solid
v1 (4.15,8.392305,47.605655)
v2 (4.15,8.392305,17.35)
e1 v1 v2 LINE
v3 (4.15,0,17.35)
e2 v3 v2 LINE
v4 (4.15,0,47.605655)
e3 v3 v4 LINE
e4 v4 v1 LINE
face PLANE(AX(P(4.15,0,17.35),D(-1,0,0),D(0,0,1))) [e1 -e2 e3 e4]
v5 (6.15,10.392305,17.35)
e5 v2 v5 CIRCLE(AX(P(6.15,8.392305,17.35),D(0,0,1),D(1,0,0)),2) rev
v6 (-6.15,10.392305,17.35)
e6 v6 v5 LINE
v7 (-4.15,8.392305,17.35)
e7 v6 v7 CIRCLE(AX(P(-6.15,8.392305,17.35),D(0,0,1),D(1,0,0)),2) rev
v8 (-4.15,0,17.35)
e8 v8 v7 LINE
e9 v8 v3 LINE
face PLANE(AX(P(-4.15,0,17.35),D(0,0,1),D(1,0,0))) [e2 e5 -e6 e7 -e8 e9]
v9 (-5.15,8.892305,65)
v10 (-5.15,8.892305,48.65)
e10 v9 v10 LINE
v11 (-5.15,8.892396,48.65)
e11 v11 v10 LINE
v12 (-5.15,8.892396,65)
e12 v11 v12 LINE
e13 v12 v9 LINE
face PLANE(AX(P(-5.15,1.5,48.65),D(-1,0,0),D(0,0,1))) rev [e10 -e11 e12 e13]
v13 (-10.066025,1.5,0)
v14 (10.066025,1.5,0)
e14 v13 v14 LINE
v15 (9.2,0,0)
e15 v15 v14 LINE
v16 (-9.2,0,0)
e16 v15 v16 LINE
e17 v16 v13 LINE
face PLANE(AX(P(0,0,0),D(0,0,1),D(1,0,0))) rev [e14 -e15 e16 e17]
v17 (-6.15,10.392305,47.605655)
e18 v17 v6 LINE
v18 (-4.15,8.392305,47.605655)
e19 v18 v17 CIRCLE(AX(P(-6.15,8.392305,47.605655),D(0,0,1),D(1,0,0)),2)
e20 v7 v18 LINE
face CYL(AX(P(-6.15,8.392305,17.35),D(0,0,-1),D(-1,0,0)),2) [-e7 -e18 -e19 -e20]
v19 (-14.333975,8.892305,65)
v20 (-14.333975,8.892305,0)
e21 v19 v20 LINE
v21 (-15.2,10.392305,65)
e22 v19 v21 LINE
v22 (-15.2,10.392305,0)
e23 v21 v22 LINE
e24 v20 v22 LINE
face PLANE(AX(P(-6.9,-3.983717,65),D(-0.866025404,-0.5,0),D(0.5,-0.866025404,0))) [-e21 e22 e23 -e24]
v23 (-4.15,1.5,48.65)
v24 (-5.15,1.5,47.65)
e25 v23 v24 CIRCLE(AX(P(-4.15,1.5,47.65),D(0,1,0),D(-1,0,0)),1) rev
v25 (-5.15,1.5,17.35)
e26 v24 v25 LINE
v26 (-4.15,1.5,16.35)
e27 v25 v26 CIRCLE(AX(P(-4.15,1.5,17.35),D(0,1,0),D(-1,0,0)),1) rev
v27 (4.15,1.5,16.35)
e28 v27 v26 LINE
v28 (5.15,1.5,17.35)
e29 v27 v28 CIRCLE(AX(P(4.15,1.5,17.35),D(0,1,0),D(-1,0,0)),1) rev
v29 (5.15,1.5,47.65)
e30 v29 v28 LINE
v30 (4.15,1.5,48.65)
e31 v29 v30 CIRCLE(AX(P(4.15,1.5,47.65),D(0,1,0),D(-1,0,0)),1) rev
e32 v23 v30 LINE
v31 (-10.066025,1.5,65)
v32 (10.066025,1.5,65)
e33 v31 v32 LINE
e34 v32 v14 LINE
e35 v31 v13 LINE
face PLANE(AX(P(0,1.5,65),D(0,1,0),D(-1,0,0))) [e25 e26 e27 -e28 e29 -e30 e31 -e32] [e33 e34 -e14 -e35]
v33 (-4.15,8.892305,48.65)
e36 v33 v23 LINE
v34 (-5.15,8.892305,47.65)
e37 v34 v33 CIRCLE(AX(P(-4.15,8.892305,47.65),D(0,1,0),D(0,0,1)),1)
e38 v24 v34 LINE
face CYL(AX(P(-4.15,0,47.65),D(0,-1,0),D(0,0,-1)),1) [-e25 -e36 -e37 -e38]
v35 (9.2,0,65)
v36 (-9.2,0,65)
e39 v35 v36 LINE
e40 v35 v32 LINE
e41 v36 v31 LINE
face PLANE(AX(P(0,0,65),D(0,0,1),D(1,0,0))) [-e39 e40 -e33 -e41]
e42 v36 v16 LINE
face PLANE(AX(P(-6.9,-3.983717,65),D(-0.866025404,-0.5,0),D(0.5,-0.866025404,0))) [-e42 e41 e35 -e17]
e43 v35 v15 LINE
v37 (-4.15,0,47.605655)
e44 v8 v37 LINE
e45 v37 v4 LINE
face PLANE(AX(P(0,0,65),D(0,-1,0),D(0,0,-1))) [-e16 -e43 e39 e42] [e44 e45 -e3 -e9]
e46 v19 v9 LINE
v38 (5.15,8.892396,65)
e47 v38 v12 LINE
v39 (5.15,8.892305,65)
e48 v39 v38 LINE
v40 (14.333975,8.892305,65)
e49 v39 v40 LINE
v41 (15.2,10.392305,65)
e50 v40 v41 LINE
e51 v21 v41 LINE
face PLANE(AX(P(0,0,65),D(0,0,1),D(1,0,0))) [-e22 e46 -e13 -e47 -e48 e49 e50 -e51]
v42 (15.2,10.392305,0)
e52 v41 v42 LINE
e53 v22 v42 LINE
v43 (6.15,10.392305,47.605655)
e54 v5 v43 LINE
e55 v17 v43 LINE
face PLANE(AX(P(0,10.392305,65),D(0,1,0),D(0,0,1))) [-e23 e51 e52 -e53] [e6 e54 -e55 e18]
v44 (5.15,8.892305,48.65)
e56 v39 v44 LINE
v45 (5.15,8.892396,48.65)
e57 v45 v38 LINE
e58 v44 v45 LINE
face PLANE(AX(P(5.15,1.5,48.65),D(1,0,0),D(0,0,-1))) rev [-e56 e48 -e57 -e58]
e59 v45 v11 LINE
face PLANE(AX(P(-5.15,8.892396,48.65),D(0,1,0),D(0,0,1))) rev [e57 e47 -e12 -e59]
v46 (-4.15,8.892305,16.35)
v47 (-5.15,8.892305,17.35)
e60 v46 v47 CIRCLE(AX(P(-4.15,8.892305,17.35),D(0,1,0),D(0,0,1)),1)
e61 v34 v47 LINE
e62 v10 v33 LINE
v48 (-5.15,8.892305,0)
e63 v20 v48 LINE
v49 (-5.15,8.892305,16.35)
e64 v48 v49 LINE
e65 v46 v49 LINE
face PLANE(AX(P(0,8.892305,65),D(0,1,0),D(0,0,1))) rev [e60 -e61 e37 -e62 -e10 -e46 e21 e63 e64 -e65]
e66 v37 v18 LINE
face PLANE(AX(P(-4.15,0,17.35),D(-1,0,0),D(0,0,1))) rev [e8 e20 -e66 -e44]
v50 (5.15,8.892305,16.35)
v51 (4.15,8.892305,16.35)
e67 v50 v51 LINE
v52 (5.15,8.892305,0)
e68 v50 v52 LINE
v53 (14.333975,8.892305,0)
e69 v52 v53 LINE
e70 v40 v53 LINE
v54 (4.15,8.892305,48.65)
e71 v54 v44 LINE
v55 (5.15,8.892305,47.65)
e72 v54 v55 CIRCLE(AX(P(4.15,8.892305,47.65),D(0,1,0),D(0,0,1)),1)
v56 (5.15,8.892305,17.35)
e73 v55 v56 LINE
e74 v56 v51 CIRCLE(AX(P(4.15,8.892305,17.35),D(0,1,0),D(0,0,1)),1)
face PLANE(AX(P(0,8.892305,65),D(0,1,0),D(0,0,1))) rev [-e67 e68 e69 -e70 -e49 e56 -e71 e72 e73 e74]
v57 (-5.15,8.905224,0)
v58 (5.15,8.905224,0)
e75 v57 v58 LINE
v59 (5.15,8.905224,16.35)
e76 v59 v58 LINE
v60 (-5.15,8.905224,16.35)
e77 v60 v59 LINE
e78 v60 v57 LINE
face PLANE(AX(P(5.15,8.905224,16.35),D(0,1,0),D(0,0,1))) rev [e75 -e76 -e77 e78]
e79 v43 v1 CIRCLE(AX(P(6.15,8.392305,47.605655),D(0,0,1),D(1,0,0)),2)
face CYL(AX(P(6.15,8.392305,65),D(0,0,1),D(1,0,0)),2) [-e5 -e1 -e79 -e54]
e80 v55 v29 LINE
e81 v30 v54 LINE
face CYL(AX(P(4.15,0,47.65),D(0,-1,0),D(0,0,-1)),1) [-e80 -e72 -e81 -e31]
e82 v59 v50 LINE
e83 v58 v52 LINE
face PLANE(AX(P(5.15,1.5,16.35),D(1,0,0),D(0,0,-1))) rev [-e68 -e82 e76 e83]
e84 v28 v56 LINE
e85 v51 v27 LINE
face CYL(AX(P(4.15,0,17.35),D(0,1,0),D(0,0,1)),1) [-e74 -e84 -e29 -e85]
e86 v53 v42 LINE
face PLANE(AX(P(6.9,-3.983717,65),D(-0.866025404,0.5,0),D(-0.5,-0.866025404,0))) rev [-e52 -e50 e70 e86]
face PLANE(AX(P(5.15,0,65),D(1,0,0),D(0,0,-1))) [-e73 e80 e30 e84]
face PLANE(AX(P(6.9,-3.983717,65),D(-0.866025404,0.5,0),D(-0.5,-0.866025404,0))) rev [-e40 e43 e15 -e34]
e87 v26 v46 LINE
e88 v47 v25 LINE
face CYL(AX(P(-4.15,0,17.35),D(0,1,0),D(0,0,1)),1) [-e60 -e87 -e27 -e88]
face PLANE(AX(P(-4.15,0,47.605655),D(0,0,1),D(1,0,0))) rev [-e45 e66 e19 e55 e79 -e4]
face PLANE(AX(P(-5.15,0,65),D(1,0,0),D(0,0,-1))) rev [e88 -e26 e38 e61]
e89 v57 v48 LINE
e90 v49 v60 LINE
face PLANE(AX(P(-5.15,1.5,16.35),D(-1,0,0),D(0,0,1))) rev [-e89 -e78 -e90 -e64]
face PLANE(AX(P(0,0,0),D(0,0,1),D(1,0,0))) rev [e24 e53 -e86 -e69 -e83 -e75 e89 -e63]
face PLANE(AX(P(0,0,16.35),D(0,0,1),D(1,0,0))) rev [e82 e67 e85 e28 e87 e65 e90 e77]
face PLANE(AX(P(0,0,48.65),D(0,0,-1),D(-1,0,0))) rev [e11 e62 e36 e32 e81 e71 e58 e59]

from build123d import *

# Parameters (mm, degrees)
CASING_W            = 8.3
CASING_H            = 7.392304845
BOSS_EXTRUDE2_DEPTH = 65
SKETCH10_W          = 10.3
SKETCH10_H          = 7.392395682
TOP_CUT_DEPTH       = 16.35
SKETCH11_W          = 10.3
SKETCH11_H          = 7.40522356
BOT_CUT_DEPTH       = 16.35
SKETCH13_W          = 8.3
SKETCH13_H          = 30.255654569
CUT_EXTRUDE8_DEPTH  = 68.55767906
FILLET1_R           = 1
FILLET2_R           = 2


with BuildPart() as part:
    # Casing → Boss-Extrude2 (new body)
    # profile 1 of 2: a face of its own
    with BuildSketch(Plane.XY):
        Polygon((-9.2, 0), (9.2, 0), (10.066025404, 1.5), (8.333974596, 1.5), (5.15, 1.5), (5.15, 8.892304845), (12.601923789, 8.892304845), (14.333974596, 8.892304845), (15.2, 10.392304845), (-15.2, 10.392304845), (-14.333974596, 8.892304845), (-12.601923789, 8.892304845), (-5.15, 8.892304845), (-5.15, 1.5), (-8.333974596, 1.5), (-10.066025404, 1.5), align=None)
        with Locations((0, 5.196152422)):
            Rectangle(CASING_W, CASING_H, mode=Mode.SUBTRACT)
    # profile 2 of 2: a face of its own
    with BuildSketch(Plane.XY):
        with Locations((0, 5.196152422)):
            Rectangle(CASING_W, CASING_H)
    extrude(amount=BOSS_EXTRUDE2_DEPTH)

    # Sketch10 → Top_Cut (cut)
    with BuildSketch(Plane.XY.offset(65)):
        with Locations((0, 5.196197841)):
            Rectangle(SKETCH10_W, SKETCH10_H)
    extrude(amount=-TOP_CUT_DEPTH, mode=Mode.SUBTRACT)

    # Sketch11 → Bot_Cut (cut)
    with BuildSketch(Plane(origin=(0, 0, 0), x_dir=(-1, 0, 0), z_dir=(0, 0, -1))):
        with Locations((0, 5.20261178)):
            Rectangle(SKETCH11_W, SKETCH11_H)
    extrude(amount=-BOT_CUT_DEPTH, mode=Mode.SUBTRACT)

    # Sketch13 → Cut-Extrude8 (cut, through all)
    with BuildSketch(Plane(origin=(0, 10.392304845, 0), x_dir=(1, 0, 0), z_dir=(0, 1, 0))):
        with Locations((0, -32.477827285)):
            Rectangle(SKETCH13_W, SKETCH13_H)
    extrude(amount=-CUT_EXTRUDE8_DEPTH, mode=Mode.SUBTRACT)

    # Fillet1
    fillet1_edges = [part.edges().sort_by_distance(p)[0] for p in [
        (-5.15, 5.196152423, 48.65),
        (5.15, 5.196152423, 48.65),
        (5.15, 5.196152423, 16.35),
        (-5.15, 5.196152423, 16.35),
    ]]
    fillet(fillet1_edges, radius=FILLET1_R)

    # Fillet2
    fillet2_edges = [part.edges().sort_by_distance(p)[0] for p in [
        (4.15, 10.392304845, 32.477827285),
        (-4.15, 10.392304845, 32.477827285),
    ]]
    fillet(fillet2_edges, radius=FILLET2_R)


solid = part.part
